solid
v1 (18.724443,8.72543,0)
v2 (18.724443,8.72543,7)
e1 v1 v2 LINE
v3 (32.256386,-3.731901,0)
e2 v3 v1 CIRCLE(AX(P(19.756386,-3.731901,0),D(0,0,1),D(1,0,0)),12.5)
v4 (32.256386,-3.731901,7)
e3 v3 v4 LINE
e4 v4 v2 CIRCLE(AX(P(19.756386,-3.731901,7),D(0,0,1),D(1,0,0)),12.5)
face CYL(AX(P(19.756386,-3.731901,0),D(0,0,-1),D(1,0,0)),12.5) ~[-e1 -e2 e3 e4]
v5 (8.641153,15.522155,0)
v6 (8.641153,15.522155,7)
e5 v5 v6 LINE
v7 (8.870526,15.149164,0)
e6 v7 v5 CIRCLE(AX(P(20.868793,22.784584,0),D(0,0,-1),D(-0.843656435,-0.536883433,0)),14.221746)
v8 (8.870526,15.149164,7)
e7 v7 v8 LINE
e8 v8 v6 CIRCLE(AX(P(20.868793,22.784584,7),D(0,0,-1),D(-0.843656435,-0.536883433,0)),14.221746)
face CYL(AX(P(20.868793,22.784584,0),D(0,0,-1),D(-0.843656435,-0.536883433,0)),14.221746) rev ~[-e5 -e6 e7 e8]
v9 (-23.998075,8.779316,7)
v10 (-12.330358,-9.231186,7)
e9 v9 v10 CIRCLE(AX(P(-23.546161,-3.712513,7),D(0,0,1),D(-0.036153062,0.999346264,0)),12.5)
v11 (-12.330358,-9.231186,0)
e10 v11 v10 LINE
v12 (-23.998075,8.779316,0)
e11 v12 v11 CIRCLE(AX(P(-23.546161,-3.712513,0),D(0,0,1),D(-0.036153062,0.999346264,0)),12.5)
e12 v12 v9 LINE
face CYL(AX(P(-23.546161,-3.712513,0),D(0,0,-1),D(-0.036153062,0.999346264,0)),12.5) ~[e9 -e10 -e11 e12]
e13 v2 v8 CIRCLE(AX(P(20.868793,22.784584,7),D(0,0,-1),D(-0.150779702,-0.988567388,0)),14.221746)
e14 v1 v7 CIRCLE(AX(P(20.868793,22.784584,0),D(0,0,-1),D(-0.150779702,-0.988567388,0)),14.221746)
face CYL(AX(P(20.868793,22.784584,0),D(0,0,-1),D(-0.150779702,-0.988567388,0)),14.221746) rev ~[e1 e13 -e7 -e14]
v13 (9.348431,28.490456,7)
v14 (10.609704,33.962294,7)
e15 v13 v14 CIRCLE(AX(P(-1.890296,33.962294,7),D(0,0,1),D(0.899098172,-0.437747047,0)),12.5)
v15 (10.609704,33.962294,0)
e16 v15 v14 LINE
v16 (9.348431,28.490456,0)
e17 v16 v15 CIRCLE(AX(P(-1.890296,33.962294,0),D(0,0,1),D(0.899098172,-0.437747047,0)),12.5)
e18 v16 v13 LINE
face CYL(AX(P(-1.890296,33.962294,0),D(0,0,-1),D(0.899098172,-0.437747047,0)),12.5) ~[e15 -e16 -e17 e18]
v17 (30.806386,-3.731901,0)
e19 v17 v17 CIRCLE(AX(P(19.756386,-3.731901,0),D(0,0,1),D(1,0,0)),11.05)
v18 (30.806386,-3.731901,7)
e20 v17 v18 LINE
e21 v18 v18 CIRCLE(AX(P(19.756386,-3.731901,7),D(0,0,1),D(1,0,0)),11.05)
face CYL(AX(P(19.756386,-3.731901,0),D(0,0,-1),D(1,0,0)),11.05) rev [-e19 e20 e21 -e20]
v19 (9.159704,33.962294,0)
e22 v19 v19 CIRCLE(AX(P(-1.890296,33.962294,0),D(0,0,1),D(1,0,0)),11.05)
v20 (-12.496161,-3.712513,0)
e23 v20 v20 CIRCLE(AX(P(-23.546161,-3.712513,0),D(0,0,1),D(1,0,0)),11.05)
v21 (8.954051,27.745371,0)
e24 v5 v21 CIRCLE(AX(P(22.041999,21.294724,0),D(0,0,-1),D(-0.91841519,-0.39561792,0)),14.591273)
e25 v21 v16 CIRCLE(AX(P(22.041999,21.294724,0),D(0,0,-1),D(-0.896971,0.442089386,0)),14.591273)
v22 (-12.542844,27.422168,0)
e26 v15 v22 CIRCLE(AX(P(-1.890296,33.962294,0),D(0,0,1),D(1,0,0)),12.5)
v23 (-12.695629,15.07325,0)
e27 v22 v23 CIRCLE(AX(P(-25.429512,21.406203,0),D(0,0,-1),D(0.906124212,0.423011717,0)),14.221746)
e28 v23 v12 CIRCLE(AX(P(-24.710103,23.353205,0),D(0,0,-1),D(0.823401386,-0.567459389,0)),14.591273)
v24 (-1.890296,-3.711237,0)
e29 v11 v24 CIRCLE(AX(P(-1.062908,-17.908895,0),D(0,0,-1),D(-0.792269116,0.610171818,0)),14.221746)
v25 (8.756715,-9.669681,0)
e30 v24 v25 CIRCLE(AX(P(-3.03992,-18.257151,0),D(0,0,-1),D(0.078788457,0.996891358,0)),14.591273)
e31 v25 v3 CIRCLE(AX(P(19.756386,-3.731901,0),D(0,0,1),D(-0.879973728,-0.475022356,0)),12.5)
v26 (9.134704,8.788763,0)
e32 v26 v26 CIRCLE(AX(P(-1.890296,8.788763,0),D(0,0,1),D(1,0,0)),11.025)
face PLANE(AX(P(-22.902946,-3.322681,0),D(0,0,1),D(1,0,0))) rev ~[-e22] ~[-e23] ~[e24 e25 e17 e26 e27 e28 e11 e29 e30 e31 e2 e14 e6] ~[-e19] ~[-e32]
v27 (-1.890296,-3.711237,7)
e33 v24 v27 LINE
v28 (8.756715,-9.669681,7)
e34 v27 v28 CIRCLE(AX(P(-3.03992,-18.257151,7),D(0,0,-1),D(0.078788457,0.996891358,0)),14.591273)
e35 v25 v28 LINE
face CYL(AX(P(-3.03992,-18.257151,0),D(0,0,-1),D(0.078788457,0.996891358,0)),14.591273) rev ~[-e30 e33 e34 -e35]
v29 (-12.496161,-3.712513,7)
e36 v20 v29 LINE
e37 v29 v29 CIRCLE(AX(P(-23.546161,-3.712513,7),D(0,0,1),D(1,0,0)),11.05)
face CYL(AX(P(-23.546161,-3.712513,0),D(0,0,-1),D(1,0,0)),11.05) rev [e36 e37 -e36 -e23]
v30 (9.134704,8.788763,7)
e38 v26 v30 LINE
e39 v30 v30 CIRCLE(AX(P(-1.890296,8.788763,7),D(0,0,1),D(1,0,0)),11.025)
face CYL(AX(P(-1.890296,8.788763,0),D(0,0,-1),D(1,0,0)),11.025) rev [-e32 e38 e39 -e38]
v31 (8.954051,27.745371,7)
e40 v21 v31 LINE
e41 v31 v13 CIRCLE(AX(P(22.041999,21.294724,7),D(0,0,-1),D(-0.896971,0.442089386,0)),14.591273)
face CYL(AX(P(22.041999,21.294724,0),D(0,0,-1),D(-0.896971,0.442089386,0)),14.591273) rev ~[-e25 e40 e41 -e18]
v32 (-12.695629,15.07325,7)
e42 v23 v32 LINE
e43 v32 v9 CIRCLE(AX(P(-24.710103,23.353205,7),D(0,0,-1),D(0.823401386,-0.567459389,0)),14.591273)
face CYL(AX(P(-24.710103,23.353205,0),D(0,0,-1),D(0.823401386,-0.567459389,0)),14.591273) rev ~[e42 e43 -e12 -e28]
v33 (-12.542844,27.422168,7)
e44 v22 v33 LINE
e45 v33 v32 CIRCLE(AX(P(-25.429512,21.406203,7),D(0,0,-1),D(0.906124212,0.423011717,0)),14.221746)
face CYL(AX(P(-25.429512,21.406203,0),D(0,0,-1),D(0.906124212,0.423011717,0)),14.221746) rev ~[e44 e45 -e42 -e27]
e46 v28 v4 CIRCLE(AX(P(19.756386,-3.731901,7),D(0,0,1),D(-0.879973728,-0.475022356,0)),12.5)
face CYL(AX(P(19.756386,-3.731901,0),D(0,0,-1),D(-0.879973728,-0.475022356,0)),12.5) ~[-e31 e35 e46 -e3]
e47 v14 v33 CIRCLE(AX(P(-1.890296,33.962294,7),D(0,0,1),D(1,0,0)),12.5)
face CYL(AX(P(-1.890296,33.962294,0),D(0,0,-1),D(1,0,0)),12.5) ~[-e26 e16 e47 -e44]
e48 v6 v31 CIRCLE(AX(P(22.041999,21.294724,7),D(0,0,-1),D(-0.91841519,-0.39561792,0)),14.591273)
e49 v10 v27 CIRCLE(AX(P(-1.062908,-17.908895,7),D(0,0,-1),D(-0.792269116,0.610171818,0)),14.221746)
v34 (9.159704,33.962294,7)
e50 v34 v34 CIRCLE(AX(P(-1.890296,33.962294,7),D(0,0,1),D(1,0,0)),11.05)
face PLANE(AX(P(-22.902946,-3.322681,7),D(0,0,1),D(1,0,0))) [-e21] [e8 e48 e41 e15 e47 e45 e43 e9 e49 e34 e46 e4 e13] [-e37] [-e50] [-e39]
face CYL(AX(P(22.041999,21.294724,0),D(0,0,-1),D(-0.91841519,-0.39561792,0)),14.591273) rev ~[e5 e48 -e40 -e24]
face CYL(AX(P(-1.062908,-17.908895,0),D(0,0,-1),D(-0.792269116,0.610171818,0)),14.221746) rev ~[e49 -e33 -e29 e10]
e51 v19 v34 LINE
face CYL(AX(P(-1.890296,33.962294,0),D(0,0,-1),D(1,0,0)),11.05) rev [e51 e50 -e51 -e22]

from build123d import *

# Parameters (mm, degrees)
F0_R     = 11.05
F0_R_2   = 11.025
F1_DEPTH = 7


with BuildPart() as f1:
    # F0 (on Top) → F1 (new body)
    with BuildSketch(Plane.XY):
        with BuildLine():
            ThreePointArc((-11.0461612392, -3.7125125716), (-14.8685727474, 5.2846790995), (-23.9980745138, 8.779315733))
            ThreePointArc((-23.9980745138, 8.779315733), (-34.0371038773, -10.5088441236), (-12.33035811, -9.2311863406))
            ThreePointArc((-12.33035811, -9.2311863406), (-11.3714427801, -6.5455728327), (-11.0461612392, -3.7125125716))
        make_face()
        with Locations((-23.5461612392, -3.7125125716)):
            Circle(F0_R, mode=Mode.SUBTRACT)
        with BuildLine():
            ThreePointArc((8.870525764, 15.1491642204), (8.7544037917, 15.3347768931), (8.6411530026, 15.522155215))
            ThreePointArc((8.6411530026, 15.522155215), (-2.1532258589, 21.285997274), (-12.6956291663, 15.0732504746))
            ThreePointArc((-12.6956291663, 15.0732504746), (-12.7255651301, 2.5560305186), (-1.8902964384, -3.7112371449))
            ThreePointArc((-1.8902964384, -3.7112371449), (6.9485383265, -0.0500719097), (10.6097035616, 8.7887628551))
            ThreePointArc((10.6097035616, 8.7887628551), (10.1670722118, 12.0857101151), (8.870525764, 15.1491642204))
        make_face()
        with Locations((-1.8902964384, 8.7887628551)):
            Circle(F0_R_2, mode=Mode.SUBTRACT)
        with BuildLine():
            ThreePointArc((-1.8902964384, -3.7112371449), (-12.7255651301, 2.5560305186), (-12.6956291663, 15.0732504746))
            ThreePointArc((-12.6956291663, 15.0732504746), (-17.6112038906, 10.6052302037), (-23.9980745138, 8.779315733))
            ThreePointArc((-23.9980745138, 8.779315733), (-14.8685727474, 5.2846790995), (-11.0461612392, -3.7125125716))
            ThreePointArc((-11.0461612392, -3.7125125716), (-11.3714427801, -6.5455728327), (-12.33035811, -9.2311863406))
            ThreePointArc((-12.33035811, -9.2311863406), (-7.7103691444, -5.3363327957), (-1.8902964384, -3.7112371449))
        make_face()
        with BuildLine():
            ThreePointArc((18.7244426358, 8.7254297447), (13.1022301218, 10.870787164), (8.870525764, 15.1491642204))
            ThreePointArc((8.870525764, 15.1491642204), (10.1670722118, 12.0857101151), (10.6097035616, 8.7887628551))
            ThreePointArc((10.6097035616, 8.7887628551), (6.9485383265, -0.0500719097), (-1.8902964384, -3.7112371449))
            ThreePointArc((-1.8902964384, -3.7112371449), (4.0858895282, -5.5241985412), (8.756714547, -9.6696805851))
            ThreePointArc((8.756714547, -9.6696805851), (8.7661649656, 2.2233518851), (18.7244426358, 8.7254297447))
        make_face()
        with BuildLine():
            ThreePointArc((32.2563861412, -3.7319011332), (28.2225158999, 5.4645463825), (18.7244426358, 8.7254297447))
            ThreePointArc((18.7244426358, 8.7254297447), (8.7661649656, 2.2233518851), (8.756714547, -9.6696805851))
            ThreePointArc((8.756714547, -9.6696805851), (22.8185834791, -15.8510160953), (32.2563861412, -3.7319011332))
        make_face()
        with Locations((19.7563861412, -3.7319011332)):
            Circle(F0_R, mode=Mode.SUBTRACT)
        with BuildLine():
            ThreePointArc((-12.6956291663, 15.0732504746), (-2.1532258589, 21.285997274), (8.6411530026, 15.522155215))
            ThreePointArc((8.6411530026, 15.522155215), (7.4555052239, 21.6681189433), (8.954051031, 27.7453708939))
            ThreePointArc((8.954051031, 27.7453708939), (-1.7023820096, 21.4637061555), (-12.5428435613, 27.4221682371))
            ThreePointArc((-12.5428435613, 27.4221682371), (-11.2088543287, 21.2302595617), (-12.6956291663, 15.0732504746))
        make_face()
        with BuildLine():
            ThreePointArc((-12.5428435613, 27.4221682371), (-1.7023820096, 21.4637061555), (8.954051031, 27.7453708939))
            ThreePointArc((8.954051031, 27.7453708939), (9.1458587664, 28.1207619966), (9.3484307097, 28.4904555117))
            ThreePointArc((9.3484307097, 28.4904555117), (10.290304724, 31.1546334869), (10.6097035616, 33.9622936024))
            ThreePointArc((10.6097035616, 33.9622936024), (-5.2883224068, 45.9915670434), (-12.5428435613, 27.4221682371))
        make_face()
        with Locations((-1.8902964384, 33.9622936024)):
            Circle(F0_R, mode=Mode.SUBTRACT)
    extrude(amount=F1_DEPTH)


solid = f1.part
